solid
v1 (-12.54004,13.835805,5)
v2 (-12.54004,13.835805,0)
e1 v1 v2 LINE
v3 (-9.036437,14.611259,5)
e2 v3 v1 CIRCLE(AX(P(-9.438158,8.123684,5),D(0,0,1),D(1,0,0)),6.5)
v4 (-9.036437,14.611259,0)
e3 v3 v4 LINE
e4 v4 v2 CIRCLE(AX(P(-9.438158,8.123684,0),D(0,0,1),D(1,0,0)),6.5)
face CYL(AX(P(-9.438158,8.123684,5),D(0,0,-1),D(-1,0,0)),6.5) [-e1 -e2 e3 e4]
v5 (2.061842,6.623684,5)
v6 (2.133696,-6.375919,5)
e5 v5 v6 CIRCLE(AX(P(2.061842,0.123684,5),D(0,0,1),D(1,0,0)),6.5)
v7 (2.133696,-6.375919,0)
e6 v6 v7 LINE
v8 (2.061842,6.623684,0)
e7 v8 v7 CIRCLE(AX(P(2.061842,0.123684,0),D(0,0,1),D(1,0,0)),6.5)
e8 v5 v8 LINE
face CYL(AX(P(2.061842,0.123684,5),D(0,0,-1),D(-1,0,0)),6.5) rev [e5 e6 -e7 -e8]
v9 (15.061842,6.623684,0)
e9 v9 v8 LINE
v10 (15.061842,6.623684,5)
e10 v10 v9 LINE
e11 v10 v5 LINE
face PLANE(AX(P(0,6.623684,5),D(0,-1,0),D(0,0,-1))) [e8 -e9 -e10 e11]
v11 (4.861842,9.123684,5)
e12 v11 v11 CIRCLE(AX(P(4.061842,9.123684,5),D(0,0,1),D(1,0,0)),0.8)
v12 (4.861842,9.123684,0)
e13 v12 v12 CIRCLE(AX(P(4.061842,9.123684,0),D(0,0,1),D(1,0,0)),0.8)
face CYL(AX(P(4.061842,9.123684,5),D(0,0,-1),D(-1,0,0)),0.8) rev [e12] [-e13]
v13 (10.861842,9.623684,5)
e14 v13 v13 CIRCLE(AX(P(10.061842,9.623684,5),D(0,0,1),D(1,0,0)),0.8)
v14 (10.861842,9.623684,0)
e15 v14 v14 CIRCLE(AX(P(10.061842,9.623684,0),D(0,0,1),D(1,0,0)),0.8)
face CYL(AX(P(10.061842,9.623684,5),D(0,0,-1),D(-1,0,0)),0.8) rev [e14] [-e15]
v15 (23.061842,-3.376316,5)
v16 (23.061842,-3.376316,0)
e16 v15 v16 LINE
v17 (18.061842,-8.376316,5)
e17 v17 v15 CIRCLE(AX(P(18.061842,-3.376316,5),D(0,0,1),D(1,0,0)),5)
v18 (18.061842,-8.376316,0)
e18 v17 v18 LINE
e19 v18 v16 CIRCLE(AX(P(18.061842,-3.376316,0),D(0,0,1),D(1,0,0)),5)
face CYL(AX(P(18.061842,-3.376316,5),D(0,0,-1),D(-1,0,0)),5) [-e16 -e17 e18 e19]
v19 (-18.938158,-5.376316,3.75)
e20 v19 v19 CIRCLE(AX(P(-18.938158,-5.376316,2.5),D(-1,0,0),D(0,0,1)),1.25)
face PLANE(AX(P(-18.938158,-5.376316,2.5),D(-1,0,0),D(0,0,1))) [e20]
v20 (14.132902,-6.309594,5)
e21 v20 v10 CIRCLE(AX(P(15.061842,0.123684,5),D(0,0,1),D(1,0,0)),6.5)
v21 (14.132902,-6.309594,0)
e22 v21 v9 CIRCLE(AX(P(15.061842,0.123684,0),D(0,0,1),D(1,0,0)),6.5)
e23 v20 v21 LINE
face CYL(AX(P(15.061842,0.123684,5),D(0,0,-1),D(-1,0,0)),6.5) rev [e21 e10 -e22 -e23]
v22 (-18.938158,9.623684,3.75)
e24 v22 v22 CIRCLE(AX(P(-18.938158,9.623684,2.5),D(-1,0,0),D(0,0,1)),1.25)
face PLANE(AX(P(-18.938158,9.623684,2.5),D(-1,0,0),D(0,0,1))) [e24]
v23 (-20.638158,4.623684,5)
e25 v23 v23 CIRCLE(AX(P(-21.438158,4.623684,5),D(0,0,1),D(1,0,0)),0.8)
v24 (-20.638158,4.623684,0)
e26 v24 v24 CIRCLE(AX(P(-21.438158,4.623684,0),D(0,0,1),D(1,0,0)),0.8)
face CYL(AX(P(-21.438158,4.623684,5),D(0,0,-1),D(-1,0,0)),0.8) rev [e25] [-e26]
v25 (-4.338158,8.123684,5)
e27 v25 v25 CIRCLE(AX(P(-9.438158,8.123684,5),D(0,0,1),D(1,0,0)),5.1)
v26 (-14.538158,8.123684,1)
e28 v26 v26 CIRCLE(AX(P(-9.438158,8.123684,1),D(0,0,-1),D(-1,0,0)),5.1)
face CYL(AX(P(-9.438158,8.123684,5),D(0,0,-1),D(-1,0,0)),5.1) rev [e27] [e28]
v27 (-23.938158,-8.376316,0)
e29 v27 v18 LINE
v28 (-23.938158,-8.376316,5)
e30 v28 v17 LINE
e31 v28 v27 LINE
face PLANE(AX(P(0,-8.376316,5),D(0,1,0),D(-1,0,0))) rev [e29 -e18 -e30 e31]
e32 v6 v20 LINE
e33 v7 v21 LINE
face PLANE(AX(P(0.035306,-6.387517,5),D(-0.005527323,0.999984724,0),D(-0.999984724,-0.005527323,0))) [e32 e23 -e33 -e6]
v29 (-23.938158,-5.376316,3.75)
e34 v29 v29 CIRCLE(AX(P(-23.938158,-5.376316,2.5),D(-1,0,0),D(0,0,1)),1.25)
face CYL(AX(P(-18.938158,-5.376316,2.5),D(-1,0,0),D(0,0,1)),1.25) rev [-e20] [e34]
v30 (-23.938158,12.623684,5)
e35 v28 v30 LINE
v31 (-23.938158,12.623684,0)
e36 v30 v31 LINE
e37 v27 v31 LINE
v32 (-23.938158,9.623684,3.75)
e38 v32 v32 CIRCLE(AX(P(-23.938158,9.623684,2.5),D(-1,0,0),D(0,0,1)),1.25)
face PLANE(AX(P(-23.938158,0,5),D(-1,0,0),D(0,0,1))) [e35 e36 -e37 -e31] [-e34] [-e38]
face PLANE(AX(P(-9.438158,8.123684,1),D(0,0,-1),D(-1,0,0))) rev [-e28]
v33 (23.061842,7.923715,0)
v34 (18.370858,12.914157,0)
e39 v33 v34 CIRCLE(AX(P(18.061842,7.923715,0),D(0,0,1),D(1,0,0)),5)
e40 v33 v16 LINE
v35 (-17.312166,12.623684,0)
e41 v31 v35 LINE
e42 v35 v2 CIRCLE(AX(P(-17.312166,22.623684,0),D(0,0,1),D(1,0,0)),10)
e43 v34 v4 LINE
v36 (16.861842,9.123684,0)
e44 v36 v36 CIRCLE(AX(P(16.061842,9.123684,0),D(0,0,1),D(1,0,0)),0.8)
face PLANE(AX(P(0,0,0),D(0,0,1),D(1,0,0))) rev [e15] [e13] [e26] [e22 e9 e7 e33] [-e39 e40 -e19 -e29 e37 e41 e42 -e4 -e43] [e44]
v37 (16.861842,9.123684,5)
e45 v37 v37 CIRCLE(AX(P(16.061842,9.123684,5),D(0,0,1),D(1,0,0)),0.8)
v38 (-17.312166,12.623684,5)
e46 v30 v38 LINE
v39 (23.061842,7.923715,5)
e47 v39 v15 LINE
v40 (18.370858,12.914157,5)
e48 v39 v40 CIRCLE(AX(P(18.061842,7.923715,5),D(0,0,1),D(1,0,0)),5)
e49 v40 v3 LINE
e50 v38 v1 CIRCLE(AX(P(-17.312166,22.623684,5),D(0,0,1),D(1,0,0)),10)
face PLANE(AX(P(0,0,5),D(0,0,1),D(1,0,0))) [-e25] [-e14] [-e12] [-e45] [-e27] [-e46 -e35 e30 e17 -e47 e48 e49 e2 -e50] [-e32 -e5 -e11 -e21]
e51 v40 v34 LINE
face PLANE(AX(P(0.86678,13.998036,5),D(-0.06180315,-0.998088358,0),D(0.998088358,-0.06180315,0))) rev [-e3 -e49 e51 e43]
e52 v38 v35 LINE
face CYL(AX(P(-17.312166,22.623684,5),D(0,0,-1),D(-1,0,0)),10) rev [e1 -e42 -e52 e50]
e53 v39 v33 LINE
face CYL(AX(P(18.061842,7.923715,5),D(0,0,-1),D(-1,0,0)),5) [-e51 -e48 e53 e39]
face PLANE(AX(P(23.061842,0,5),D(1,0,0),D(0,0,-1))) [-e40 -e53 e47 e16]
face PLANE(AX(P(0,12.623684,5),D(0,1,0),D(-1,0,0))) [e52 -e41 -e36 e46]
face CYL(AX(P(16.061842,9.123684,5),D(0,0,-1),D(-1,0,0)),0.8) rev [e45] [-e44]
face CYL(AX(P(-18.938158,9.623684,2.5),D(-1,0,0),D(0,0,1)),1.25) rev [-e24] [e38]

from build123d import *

# Parameters (mm, degrees)
SKETCH1_R           = 0.8
SKETCH1_R_2         = 5.1
BOSS_EXTRUDE1_DEPTH = 5
SKETCH2_R           = 1.25
CUT_EXTRUDE1_DEPTH  = 5
SKETCH21_R          = 5.1
BOSS_EXTRUDE2_DEPTH = 1


with BuildPart() as part:
    # Sketch1 → Boss-Extrude1 (new body)
    with BuildSketch(Plane(origin=(0, 0, 0), x_dir=(0, 1, 0), z_dir=(0, 0, 1))):
        with BuildLine():
            ThreePointArc((7.923715338, -23.061842121), (11.348253353, -21.704991773), (12.914157128, -18.370857874))
            Line((12.914157128, -18.370857874), (14.611258571, 9.036437401))
            ThreePointArc((14.611258571, 9.036437401), (14.470096631, 10.842810788), (13.835805455, 12.540039768))
            ThreePointArc((13.835805455, 12.540039768), (12.931450551, 14.850335933), (12.623684243, 17.312165753))
            Line((12.623684243, 17.312165753), (12.623684243, 23.938157879))
            Line((12.623684243, 23.938157879), (-8.376315757, 23.938157879))
            Line((-8.376315757, 23.938157879), (-8.376315757, -18.061842121))
            ThreePointArc((-8.376315757, -18.061842121), (-6.911849663, -21.597376027), (-3.376315757, -23.061842121))
            Line((-3.376315757, -23.061842121), (7.923715338, -23.061842121))
        make_face()
        with BuildLine():
            Line((-6.37591859, -2.133696229), (-6.376315757, -2.061842121))
            ThreePointArc((-6.376315757, -2.061842121), (0.123684243, 4.438157879), (6.623684243, -2.061842121))
            Line((6.623684243, -2.061842121), (6.623684243, -15.061842121))
            ThreePointArc((6.623684243, -15.061842121), (0.625179068, -21.542467318), (-6.298932046, -16.061842121))
            ThreePointArc((-6.298932046, -16.061842121), (-6.376216465, -15.097769724), (-6.309594086, -14.132901895))
            Line((-6.309594086, -14.132901895), (-6.37591859, -2.133696229))
        make_face(mode=Mode.SUBTRACT)
        with Locations(Location((9.123684243, -16.061842121, 0), (0, 0, 270))):
            Circle(SKETCH1_R, mode=Mode.SUBTRACT)
        with Locations(Location((9.623684243, -10.061842121, 0), (0, 0, 270))):
            Circle(SKETCH1_R, mode=Mode.SUBTRACT)
        with Locations(Location((9.123684243, -4.061842121, 0), (0, 0, 270))):
            Circle(SKETCH1_R, mode=Mode.SUBTRACT)
        with Locations(Location((8.123684243, 9.438157879, 0), (0, 0, 270))):
            Circle(SKETCH1_R_2, mode=Mode.SUBTRACT)
        with Locations(Location((4.623684243, 21.438157879, 0), (0, 0, 270))):
            Circle(SKETCH1_R, mode=Mode.SUBTRACT)
    extrude(amount=BOSS_EXTRUDE1_DEPTH)

    # Sketch2 → Cut-Extrude1 (cut)
    with BuildSketch(Plane(origin=(-23.938157879, 0, 0), x_dir=(0, -1, 0), z_dir=(-1, 0, 0))):
        with Locations(Location((-9.623684243, 2.5, 0), (0, 0, 90))):
            Circle(SKETCH2_R)
        with Locations(Location((5.376315757, 2.5, 0), (0, 0, 90))):
            Circle(SKETCH2_R)
    extrude(amount=-CUT_EXTRUDE1_DEPTH, mode=Mode.SUBTRACT)

    # Sketch21 → Boss-Extrude2 (add)
    with BuildSketch(Plane(origin=(0, 0, 0), x_dir=(1, 0, 0), z_dir=(0, 0, -1))):
        with Locations(Location((-9.438157879, -8.123684243, 0), (0, 0, 180))):
            Circle(SKETCH21_R)
    extrude(amount=-BOSS_EXTRUDE2_DEPTH)


solid = part.part
